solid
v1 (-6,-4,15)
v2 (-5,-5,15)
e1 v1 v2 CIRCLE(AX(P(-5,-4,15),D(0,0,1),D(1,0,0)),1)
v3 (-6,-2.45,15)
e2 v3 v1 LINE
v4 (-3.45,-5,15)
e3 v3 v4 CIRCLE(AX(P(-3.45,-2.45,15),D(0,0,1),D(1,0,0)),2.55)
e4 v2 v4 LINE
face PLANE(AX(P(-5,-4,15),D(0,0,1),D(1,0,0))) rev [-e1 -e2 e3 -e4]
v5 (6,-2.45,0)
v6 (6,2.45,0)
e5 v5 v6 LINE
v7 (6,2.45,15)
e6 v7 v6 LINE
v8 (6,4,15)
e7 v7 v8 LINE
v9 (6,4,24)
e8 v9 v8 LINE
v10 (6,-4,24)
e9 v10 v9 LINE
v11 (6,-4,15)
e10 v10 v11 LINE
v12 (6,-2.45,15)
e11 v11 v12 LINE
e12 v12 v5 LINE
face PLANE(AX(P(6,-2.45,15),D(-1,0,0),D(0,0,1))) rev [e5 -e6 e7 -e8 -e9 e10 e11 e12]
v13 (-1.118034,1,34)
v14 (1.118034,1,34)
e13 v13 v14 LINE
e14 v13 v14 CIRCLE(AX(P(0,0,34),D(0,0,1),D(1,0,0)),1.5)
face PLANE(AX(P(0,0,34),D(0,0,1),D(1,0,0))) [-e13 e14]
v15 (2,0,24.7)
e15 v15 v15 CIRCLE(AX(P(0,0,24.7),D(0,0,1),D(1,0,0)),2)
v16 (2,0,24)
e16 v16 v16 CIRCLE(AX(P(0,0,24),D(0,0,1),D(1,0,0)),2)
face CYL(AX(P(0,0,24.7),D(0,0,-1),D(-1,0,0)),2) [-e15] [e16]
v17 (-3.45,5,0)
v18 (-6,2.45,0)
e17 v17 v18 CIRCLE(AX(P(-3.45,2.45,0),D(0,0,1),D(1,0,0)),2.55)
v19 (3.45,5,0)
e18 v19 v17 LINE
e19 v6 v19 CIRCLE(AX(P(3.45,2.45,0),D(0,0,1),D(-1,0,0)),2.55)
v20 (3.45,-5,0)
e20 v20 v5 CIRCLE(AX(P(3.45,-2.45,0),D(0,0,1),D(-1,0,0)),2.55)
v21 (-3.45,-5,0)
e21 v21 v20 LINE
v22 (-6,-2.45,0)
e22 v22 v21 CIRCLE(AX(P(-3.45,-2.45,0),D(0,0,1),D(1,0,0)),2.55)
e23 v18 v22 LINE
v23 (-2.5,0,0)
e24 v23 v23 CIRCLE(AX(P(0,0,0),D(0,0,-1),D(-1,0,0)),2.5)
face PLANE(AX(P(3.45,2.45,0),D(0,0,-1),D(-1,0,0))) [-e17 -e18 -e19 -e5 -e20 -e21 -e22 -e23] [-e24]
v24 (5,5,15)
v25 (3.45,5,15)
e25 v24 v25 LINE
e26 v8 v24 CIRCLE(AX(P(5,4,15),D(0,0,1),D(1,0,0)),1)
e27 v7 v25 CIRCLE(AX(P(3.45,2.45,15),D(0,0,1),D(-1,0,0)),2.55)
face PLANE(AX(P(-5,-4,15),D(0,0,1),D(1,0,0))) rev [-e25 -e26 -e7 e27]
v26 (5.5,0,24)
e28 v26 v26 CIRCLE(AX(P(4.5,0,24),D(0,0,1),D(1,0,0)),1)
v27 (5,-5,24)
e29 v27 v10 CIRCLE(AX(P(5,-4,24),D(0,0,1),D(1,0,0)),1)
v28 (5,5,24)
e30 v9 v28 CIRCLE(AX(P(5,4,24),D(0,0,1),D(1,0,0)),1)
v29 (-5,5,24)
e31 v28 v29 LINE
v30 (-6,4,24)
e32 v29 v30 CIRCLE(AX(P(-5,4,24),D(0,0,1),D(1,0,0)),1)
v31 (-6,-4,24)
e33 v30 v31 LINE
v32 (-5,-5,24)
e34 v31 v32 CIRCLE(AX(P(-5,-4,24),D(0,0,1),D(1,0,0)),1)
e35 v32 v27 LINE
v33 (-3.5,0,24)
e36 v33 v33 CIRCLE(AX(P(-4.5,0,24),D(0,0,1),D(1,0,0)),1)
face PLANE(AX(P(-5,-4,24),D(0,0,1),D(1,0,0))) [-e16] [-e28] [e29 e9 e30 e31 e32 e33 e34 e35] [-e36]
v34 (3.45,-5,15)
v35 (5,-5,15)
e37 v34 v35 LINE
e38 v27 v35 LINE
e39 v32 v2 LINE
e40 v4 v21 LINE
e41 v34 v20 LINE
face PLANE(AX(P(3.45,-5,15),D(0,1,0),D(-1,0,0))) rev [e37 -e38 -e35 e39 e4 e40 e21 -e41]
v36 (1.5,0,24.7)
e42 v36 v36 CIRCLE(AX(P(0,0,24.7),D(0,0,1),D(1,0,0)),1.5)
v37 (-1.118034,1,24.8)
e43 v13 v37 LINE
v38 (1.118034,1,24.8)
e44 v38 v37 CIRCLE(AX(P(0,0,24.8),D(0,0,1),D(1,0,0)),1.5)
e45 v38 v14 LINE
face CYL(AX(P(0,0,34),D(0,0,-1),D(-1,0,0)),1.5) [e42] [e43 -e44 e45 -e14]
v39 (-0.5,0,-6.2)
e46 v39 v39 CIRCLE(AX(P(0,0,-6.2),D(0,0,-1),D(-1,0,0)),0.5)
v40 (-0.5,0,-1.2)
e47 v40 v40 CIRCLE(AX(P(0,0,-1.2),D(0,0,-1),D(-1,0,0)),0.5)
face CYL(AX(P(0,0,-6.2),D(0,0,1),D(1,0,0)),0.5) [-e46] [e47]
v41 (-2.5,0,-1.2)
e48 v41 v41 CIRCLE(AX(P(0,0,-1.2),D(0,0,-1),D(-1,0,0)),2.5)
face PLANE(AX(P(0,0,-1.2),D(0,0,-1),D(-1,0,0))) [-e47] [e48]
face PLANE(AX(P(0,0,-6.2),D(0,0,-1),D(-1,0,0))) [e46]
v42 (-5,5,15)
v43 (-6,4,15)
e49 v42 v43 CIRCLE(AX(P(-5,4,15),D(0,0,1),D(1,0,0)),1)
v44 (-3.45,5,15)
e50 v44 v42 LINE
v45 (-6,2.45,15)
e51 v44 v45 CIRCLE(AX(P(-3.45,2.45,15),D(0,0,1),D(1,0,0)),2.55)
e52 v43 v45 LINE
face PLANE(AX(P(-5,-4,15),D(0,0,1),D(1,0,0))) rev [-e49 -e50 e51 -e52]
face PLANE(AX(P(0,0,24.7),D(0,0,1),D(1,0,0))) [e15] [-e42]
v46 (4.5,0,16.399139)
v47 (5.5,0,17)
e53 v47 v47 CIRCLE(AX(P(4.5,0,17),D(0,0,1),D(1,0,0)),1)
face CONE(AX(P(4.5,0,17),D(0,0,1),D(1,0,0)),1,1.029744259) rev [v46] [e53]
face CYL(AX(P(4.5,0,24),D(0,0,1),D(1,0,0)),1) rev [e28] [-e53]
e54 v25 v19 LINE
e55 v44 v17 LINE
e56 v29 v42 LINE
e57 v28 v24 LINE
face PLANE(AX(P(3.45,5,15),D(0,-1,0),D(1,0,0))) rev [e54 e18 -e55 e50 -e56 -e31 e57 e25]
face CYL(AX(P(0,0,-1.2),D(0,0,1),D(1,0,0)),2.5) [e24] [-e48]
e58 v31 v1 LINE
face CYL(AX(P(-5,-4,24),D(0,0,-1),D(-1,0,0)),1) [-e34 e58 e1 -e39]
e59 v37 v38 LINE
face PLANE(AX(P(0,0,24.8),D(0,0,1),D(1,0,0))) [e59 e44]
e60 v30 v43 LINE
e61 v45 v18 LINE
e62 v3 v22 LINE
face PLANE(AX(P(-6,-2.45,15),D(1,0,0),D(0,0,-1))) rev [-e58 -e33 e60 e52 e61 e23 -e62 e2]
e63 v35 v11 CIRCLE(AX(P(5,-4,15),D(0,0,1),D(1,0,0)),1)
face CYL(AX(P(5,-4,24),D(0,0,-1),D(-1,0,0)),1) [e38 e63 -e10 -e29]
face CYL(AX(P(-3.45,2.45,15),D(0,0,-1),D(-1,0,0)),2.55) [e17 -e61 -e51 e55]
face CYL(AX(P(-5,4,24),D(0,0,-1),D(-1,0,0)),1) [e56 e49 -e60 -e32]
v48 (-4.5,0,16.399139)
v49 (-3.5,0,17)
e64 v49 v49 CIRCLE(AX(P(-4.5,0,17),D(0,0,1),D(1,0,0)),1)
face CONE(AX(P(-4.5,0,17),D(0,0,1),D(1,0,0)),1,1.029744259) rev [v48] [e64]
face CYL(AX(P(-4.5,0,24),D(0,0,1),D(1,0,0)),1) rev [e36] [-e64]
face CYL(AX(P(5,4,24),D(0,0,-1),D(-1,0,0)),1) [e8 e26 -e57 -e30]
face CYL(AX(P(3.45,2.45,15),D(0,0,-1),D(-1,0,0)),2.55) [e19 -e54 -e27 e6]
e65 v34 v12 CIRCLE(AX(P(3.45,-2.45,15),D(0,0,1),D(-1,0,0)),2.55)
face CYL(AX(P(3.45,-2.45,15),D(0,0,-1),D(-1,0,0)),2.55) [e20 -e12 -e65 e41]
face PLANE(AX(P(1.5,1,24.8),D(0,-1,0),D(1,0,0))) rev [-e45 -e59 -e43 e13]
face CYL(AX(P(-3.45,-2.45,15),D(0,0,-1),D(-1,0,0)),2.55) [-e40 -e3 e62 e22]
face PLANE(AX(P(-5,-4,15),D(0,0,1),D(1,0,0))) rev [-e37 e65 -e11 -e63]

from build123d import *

# Parameters (mm, degrees)
BOSS_EXTRUDE1_DEPTH        = 15
BOSS_EXTRUDE2_DEPTH        = 9
SKETCH3_R                  = 2
BOSS_EXTRUDE3_DEPTH        = 0.7
SKETCH4_R                  = 1.5
BOSS_EXTRUDE4_DEPTH        = 9.3
SKETCH5_W                  = 3
SKETCH5_H                  = 1
CUT_EXTRUDE1_DEPTH         = 9.2
SKETCH6_R                  = 2.5
BOSS_EXTRUDE5_DEPTH        = 1.2
SKETCH7_R                  = 0.5
BOSS_EXTRUDE6_DEPTH        = 5
M1_6_CLEARANCE_HOLE1_D     = 2
M1_6_CLEARANCE_HOLE1_DEPTH = 7
M1_6_CLEARANCE_HOLE1_TIP   = 0.600860619


with BuildPart() as part:
    # Sketch1 → Boss-Extrude1 (new body)
    with BuildSketch(Plane.XY):
        with BuildLine():
            Line((3.45, -5), (-3.45, -5))
            ThreePointArc((-3.45, -5), (-5.253122292, -4.253122292), (-6, -2.45))
            Line((-6, -2.45), (-6, 2.45))
            ThreePointArc((-6, 2.45), (-5.253122292, 4.253122292), (-3.45, 5))
            Line((-3.45, 5), (3.45, 5))
            ThreePointArc((3.45, 5), (5.253122292, 4.253122292), (6, 2.45))
            Line((6, 2.45), (6, -2.45))
            ThreePointArc((6, -2.45), (5.253122292, -4.253122292), (3.45, -5))
        make_face()
    extrude(amount=BOSS_EXTRUDE1_DEPTH)

    # Sketch2 → Boss-Extrude2 (add)
    with BuildSketch(Plane.XY.offset(15)):
        with BuildLine():
            Line((5, -5), (-5, -5))
            ThreePointArc((-5, -5), (-5.707106781, -4.707106781), (-6, -4))
            Line((-6, -4), (-6, 4))
            ThreePointArc((-6, 4), (-5.707106781, 4.707106781), (-5, 5))
            Line((-5, 5), (5, 5))
            ThreePointArc((5, 5), (5.707106781, 4.707106781), (6, 4))
            Line((6, 4), (6, -4))
            ThreePointArc((6, -4), (5.707106781, -4.707106781), (5, -5))
        make_face()
    extrude(amount=BOSS_EXTRUDE2_DEPTH)

    # Sketch3 → Boss-Extrude3 (add)
    with BuildSketch(Plane.XY.offset(24)):
        Circle(SKETCH3_R)
    extrude(amount=BOSS_EXTRUDE3_DEPTH)

    # Sketch4 → Boss-Extrude4 (add)
    with BuildSketch(Plane.XY.offset(24.7)):
        Circle(SKETCH4_R)
    extrude(amount=BOSS_EXTRUDE4_DEPTH)

    # Sketch5 → Cut-Extrude1 (cut)
    with BuildSketch(Plane.XY.offset(34)):
        with Locations((0, 1.5)):
            Rectangle(SKETCH5_W, SKETCH5_H)
    extrude(amount=-CUT_EXTRUDE1_DEPTH, mode=Mode.SUBTRACT)

    # Sketch6 → Boss-Extrude5 (add)
    with BuildSketch(Plane(origin=(0, 0, 0), x_dir=(-1, 0, 0), z_dir=(0, 0, -1))):
        Circle(SKETCH6_R)
    extrude(amount=BOSS_EXTRUDE5_DEPTH)

    # Sketch7 → Boss-Extrude6 (add)
    with BuildSketch(Plane(origin=(0, 0, -1.2), x_dir=(-1, 0, 0), z_dir=(0, 0, -1))):
        Circle(SKETCH7_R)
    extrude(amount=BOSS_EXTRUDE6_DEPTH)

    # M1.6 Clearance Hole1
    with Locations(Plane.XY.offset(24)):
        with Locations((-4.5, 0), (4.5, 0)):
            Hole(M1_6_CLEARANCE_HOLE1_D / 2, depth=M1_6_CLEARANCE_HOLE1_DEPTH)
            with Locations((0, 0, -(M1_6_CLEARANCE_HOLE1_DEPTH + M1_6_CLEARANCE_HOLE1_TIP / 2))):  # 118° drill point
                Cone(0, M1_6_CLEARANCE_HOLE1_D / 2, M1_6_CLEARANCE_HOLE1_TIP, mode=Mode.SUBTRACT)


solid = part.part
